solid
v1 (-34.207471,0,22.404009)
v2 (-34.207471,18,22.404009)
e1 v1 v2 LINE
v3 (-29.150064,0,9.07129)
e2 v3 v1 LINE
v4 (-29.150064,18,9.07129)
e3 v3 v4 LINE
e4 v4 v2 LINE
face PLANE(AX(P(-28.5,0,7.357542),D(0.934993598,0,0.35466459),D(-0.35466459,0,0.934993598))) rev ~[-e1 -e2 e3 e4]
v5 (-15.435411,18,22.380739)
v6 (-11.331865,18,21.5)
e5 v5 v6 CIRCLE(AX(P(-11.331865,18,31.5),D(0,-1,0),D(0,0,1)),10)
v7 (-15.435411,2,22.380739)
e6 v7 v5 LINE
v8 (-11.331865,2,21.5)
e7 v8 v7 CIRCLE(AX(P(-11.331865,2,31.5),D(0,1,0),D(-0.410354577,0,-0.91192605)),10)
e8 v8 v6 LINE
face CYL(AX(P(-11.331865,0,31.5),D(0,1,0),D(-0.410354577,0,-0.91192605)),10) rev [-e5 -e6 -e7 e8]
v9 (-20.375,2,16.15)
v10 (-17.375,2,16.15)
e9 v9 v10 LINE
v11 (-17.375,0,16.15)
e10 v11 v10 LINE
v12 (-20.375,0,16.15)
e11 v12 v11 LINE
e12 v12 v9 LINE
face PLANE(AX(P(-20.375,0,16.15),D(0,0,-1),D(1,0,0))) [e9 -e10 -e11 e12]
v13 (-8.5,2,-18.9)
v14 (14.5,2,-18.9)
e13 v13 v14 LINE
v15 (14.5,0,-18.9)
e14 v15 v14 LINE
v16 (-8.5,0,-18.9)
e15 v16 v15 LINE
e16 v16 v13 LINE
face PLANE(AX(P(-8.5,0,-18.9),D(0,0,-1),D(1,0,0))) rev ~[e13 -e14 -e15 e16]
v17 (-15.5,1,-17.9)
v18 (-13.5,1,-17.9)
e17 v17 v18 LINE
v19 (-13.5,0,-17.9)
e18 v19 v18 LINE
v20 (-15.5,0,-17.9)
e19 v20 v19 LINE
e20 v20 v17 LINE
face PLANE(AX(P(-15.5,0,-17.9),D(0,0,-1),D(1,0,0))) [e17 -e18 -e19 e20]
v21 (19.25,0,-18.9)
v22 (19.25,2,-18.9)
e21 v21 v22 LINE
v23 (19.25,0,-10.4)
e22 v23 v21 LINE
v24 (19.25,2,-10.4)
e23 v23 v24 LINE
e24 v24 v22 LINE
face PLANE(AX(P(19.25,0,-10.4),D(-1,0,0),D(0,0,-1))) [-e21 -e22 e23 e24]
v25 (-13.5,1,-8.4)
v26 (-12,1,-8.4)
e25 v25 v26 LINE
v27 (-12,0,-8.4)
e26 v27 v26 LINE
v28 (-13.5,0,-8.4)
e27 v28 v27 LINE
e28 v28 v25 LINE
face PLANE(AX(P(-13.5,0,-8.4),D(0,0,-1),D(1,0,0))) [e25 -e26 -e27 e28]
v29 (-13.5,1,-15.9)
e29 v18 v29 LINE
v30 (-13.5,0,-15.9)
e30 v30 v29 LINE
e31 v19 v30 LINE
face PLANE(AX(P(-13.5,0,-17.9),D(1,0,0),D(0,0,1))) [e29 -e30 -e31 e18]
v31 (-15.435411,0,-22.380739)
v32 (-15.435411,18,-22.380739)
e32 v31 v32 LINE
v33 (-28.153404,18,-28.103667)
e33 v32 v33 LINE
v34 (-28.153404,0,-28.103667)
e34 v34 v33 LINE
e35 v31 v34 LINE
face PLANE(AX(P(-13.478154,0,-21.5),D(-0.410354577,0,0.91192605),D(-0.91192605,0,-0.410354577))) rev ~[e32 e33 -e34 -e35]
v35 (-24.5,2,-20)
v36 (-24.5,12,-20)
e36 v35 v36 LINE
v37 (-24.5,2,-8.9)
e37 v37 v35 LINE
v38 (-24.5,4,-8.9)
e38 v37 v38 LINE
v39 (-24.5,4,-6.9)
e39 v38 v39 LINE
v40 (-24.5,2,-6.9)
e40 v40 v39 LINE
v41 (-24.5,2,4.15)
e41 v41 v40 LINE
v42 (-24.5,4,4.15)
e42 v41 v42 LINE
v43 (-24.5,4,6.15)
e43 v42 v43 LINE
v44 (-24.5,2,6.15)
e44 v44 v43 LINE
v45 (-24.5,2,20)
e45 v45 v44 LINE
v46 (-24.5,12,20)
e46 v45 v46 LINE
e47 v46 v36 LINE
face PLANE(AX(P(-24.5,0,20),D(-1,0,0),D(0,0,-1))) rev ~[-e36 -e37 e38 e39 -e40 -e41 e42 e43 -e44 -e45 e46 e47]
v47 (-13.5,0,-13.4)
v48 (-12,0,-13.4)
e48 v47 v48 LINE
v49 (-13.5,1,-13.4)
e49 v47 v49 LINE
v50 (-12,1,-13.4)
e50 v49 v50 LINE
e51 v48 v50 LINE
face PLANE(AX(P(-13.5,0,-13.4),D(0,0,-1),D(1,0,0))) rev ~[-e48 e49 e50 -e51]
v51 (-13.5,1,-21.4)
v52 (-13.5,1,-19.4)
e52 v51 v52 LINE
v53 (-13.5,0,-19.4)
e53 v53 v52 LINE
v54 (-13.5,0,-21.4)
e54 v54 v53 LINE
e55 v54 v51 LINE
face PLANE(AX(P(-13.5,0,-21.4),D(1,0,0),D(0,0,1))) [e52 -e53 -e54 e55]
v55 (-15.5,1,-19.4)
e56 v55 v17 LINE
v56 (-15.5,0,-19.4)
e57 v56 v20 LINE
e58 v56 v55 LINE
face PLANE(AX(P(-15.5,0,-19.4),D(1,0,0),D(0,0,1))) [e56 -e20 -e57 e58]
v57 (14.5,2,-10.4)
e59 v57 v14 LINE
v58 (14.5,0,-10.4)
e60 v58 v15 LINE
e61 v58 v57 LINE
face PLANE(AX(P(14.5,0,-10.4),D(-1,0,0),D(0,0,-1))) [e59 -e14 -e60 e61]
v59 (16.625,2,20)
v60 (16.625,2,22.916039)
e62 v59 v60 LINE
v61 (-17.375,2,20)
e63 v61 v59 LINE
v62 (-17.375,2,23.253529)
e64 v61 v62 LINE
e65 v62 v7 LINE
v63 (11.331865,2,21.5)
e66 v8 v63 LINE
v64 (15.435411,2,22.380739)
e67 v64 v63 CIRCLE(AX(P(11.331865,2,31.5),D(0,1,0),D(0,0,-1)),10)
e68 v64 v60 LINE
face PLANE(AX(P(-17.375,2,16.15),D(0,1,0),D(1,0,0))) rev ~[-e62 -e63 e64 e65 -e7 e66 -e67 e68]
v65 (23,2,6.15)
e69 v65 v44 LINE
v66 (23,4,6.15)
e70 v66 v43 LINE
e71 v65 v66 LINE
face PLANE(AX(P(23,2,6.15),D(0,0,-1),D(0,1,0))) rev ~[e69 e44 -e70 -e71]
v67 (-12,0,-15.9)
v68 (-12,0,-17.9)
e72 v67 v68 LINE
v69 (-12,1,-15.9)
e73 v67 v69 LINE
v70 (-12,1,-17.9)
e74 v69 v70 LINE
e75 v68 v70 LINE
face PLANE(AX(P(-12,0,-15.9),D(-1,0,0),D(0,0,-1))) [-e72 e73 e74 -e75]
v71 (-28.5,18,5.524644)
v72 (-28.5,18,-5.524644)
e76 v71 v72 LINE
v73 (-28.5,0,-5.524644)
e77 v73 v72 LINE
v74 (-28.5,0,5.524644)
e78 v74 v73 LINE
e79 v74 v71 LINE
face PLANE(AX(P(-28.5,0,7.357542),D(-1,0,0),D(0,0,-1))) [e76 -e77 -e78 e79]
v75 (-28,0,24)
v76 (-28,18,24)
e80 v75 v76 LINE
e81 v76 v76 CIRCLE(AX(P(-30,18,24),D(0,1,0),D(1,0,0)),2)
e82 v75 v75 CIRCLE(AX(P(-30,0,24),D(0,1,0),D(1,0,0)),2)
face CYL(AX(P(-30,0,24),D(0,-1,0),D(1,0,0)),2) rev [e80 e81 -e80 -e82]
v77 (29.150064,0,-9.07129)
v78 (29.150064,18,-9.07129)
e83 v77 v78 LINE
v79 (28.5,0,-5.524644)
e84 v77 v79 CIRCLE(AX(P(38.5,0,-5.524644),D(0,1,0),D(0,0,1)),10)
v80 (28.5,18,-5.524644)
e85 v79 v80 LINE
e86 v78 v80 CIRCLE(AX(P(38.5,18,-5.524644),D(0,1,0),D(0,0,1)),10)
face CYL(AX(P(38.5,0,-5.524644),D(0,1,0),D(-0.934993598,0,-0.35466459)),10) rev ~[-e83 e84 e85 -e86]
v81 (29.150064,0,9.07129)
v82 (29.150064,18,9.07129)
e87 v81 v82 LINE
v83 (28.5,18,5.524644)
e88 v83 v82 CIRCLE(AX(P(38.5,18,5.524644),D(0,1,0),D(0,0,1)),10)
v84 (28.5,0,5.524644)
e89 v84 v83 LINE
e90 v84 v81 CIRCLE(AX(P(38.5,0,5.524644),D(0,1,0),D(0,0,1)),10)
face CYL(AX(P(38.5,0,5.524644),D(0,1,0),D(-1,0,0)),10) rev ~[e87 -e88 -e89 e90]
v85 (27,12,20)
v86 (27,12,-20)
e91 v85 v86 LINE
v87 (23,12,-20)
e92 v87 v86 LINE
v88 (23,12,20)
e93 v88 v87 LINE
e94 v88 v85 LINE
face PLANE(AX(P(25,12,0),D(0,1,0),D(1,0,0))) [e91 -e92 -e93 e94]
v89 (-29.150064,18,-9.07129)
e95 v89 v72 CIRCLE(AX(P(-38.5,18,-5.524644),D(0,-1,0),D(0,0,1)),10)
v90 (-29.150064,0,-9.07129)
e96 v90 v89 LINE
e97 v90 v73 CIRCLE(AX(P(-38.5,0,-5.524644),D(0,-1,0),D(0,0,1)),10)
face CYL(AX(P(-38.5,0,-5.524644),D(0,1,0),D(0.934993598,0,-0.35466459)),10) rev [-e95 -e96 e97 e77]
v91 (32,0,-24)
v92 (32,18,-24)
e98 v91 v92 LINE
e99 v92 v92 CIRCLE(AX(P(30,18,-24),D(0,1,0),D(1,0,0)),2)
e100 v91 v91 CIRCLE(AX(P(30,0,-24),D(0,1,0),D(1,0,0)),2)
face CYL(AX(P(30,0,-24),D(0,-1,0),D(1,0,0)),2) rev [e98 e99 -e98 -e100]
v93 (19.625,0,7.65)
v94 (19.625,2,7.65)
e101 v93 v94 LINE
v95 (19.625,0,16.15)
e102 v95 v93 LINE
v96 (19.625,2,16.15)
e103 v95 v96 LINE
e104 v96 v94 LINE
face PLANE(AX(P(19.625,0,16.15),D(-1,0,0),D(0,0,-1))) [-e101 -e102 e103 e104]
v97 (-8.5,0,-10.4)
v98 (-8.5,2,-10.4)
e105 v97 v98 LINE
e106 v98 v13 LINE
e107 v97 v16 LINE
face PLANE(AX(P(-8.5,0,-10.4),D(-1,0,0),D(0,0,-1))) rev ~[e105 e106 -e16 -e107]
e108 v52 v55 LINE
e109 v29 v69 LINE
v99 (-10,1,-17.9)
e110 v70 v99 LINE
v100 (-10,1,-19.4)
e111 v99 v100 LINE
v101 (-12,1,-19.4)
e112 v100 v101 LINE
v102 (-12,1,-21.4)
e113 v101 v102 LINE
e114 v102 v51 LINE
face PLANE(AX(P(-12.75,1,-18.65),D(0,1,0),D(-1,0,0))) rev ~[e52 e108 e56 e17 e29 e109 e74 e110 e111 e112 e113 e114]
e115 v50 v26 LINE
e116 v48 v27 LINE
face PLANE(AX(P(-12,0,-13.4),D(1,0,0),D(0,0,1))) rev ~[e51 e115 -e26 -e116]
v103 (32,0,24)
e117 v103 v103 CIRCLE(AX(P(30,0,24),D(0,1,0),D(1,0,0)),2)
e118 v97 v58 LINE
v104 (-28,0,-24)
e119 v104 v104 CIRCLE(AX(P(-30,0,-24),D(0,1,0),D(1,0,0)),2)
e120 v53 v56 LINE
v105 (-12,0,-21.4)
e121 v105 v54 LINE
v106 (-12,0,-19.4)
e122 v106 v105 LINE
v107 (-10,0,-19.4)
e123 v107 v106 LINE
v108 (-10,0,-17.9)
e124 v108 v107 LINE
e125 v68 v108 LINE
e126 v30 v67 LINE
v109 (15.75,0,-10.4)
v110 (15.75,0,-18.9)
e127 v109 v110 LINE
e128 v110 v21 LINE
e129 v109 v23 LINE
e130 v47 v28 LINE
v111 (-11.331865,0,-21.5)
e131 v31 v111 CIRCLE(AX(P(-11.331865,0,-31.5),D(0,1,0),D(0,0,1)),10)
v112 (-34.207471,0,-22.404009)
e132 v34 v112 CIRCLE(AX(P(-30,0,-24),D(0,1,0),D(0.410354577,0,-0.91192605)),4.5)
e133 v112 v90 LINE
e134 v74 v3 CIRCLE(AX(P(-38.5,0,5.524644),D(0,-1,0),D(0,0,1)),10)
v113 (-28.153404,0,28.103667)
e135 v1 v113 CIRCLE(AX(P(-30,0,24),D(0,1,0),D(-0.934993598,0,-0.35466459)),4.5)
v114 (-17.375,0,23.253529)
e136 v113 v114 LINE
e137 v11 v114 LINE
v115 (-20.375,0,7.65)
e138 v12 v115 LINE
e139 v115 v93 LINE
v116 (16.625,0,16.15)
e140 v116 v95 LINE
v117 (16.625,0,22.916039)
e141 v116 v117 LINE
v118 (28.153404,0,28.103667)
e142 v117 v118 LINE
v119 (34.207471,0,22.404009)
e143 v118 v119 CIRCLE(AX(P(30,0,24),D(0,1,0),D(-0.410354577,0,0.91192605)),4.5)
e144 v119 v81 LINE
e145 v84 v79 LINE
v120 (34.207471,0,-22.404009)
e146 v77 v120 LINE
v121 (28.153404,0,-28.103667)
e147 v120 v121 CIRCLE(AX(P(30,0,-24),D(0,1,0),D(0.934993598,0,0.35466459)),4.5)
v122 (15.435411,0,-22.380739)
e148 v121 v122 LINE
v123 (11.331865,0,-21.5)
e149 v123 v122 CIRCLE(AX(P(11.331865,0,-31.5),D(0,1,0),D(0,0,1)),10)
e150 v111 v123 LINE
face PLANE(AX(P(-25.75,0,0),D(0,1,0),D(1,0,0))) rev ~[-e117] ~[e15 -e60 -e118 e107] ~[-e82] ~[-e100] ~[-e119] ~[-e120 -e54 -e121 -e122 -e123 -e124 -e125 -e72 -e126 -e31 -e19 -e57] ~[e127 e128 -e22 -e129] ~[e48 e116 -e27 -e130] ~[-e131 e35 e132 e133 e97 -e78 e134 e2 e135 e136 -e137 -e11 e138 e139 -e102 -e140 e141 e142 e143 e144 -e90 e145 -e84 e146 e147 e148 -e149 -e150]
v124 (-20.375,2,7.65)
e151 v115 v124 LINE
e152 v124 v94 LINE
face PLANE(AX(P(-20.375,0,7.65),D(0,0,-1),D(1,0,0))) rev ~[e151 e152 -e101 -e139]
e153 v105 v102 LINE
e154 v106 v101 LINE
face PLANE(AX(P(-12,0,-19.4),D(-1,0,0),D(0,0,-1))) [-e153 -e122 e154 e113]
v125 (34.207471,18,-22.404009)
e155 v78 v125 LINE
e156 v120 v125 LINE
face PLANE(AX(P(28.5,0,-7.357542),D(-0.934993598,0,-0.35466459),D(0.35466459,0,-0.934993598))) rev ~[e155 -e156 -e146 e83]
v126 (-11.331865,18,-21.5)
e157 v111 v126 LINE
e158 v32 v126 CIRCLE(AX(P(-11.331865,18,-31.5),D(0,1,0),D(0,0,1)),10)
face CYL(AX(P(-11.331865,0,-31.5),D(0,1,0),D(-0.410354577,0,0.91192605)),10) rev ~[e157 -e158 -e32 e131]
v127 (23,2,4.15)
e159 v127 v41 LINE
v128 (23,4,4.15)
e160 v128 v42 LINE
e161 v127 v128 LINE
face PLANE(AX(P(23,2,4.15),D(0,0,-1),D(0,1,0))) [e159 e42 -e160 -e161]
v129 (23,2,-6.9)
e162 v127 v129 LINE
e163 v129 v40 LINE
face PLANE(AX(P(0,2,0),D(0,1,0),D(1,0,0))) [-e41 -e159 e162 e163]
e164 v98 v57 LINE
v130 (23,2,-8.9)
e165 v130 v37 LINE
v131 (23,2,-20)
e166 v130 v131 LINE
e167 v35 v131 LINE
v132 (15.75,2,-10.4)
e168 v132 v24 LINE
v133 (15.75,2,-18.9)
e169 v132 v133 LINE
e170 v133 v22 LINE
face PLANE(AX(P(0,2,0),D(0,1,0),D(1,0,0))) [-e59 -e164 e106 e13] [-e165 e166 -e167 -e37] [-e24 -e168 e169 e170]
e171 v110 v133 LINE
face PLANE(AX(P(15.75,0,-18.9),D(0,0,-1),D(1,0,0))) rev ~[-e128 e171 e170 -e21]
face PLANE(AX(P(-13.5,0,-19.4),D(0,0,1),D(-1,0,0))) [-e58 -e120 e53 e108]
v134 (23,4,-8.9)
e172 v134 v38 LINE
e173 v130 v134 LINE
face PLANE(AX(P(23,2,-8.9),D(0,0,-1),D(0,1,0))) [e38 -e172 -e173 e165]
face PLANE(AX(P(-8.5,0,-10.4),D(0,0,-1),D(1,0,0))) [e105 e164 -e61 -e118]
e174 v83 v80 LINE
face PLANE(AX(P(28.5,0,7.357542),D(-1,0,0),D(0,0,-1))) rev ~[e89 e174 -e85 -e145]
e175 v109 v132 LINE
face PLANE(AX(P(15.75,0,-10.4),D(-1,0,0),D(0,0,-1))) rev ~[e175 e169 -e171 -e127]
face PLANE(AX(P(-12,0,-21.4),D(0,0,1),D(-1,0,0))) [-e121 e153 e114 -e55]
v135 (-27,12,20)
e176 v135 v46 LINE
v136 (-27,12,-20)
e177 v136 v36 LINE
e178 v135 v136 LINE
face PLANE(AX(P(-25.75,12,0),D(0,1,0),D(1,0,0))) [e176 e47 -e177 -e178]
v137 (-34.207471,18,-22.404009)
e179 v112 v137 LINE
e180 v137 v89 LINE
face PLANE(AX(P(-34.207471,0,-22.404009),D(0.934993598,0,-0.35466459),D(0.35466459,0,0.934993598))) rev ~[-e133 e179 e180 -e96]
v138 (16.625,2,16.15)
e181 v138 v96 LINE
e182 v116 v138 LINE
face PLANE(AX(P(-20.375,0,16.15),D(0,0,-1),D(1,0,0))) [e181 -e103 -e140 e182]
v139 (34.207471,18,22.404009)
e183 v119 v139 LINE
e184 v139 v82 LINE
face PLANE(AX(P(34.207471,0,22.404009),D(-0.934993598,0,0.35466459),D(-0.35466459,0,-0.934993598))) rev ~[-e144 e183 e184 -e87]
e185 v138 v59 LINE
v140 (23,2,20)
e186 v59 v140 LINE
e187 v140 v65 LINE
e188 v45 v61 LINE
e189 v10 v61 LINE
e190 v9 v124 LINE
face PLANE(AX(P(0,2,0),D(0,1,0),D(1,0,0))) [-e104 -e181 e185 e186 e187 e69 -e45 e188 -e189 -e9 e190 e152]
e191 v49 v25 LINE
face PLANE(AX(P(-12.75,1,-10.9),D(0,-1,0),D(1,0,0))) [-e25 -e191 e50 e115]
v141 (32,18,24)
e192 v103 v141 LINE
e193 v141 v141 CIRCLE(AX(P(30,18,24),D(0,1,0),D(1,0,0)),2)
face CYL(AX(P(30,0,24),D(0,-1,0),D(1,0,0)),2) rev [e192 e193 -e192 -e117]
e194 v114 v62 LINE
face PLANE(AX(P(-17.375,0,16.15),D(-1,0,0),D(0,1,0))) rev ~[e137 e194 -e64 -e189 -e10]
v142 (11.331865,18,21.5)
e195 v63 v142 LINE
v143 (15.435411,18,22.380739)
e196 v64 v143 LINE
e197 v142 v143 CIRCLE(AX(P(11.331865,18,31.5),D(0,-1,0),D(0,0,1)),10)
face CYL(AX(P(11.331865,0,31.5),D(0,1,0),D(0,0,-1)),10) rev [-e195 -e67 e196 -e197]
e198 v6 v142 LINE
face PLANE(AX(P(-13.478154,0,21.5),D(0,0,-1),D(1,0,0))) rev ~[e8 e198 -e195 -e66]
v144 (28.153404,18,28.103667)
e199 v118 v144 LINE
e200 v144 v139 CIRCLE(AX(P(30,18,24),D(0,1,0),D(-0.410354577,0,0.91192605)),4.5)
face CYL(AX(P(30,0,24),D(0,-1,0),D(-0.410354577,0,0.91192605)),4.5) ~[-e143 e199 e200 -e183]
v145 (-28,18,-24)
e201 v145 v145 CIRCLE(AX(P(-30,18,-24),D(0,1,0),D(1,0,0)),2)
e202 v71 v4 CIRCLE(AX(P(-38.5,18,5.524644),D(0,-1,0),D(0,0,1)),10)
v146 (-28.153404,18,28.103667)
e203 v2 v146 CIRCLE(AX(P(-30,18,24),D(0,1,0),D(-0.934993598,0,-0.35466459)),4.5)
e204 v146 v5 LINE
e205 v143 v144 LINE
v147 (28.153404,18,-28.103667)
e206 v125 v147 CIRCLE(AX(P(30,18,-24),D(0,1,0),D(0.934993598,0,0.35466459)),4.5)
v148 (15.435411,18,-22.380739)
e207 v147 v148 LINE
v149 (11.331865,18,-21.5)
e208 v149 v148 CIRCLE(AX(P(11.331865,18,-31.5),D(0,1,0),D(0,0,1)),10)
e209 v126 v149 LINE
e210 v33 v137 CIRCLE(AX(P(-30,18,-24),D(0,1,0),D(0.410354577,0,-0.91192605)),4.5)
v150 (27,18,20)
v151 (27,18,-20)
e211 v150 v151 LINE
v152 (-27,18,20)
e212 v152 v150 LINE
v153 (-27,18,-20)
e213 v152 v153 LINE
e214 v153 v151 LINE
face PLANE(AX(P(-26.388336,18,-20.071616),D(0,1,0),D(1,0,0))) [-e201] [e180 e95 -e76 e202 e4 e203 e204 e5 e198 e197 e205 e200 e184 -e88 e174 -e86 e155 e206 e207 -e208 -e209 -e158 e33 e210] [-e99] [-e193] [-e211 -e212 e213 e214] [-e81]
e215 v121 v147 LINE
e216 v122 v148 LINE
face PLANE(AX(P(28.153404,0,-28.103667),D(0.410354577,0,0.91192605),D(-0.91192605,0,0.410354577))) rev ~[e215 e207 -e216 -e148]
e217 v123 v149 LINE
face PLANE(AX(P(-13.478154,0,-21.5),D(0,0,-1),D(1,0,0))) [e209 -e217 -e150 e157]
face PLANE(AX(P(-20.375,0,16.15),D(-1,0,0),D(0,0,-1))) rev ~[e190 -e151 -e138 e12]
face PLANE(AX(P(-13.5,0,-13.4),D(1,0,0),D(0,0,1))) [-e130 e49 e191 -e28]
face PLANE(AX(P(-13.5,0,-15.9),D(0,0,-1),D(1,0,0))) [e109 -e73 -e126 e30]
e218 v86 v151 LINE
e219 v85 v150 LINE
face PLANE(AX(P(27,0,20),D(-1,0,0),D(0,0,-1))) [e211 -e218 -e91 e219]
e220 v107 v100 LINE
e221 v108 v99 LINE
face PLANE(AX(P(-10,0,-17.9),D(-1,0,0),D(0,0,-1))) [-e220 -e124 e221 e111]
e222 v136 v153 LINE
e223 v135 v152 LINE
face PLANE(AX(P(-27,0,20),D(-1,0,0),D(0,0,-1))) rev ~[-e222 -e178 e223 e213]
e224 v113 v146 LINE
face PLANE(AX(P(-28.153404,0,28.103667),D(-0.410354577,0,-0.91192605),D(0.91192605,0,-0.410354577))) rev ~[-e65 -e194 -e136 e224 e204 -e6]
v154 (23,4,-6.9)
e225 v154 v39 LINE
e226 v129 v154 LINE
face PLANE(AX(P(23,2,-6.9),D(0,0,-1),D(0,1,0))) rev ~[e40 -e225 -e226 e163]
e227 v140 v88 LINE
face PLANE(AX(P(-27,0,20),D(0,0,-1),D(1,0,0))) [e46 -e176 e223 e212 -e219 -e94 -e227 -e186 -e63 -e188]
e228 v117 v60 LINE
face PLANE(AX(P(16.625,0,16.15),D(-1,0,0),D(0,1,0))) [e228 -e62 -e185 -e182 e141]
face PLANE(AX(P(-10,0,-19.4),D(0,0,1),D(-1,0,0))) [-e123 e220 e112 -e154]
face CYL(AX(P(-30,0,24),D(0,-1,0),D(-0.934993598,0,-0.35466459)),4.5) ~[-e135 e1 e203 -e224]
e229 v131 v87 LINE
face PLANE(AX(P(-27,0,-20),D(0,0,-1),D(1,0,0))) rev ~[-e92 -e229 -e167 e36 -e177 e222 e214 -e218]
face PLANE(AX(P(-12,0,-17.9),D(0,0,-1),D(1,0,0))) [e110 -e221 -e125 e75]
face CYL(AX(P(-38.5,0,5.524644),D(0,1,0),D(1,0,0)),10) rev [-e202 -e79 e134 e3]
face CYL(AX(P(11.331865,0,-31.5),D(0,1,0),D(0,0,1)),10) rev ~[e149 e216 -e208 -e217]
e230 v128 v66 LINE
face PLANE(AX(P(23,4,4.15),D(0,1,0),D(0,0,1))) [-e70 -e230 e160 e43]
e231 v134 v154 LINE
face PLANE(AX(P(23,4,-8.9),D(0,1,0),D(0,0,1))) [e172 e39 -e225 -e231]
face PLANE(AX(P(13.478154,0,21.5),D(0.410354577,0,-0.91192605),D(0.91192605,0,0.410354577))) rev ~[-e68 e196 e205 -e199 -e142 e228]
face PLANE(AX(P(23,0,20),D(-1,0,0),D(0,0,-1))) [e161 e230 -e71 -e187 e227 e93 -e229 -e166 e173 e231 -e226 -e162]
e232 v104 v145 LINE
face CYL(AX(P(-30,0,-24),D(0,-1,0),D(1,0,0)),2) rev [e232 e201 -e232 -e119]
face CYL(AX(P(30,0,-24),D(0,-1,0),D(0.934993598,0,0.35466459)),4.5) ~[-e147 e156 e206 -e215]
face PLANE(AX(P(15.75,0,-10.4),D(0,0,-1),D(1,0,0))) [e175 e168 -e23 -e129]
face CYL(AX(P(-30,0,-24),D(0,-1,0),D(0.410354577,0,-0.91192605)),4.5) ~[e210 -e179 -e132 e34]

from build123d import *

# Parameters (mm, degrees)
SKETCH1_R           = 2
SKETCH1_W           = 57
SKETCH1_H           = 43
SKETCH1_W_2         = 54
SKETCH1_H_2         = 40
BOSS_EXTRUDE1_DEPTH = 18
SKETCH2_W           = 2.5
SKETCH2_H           = 40
SKETCH2_W_2         = 4
BOSS_EXTRUDE2_DEPTH = 12
SKETCH3_W           = 54
SKETCH3_H           = 40
SKETCH3_W_2         = 40
SKETCH3_H_2         = 8.5
SKETCH3_W_3         = 23
SKETCH3_W_4         = 3.5
BOSS_EXTRUDE3_DEPTH = 2
SKETCH4_W           = 1.5
SKETCH4_H           = 5
CUT_EXTRUDE1_DEPTH  = 1
BOSS_EXTRUDE4_REACH = 59.5
SKETCH5_W           = 2
SKETCH5_H           = 2
FILLET1_R           = 10
CUT_EXTRUDE2_START  = -5.35
SKETCH6_W           = 34
SKETCH6_H           = 2
CUT_EXTRUDE2_DEPTH  = 7.103529


with BuildPart() as part:
    # Sketch1 → Boss-Extrude1 (new body)
    with BuildSketch(Plane(origin=(0, 0, 0), x_dir=(1, 0, 0), z_dir=(0, 1, 0))):
        with BuildLine():
            Line((-28.5, 7.357542402), (-28.5, 21.5))
            Line((-28.5, 21.5), (-13.47815401, 21.5))
            Line((-13.47815401, 21.5), (-28.153404403, 28.103667226))
            ThreePointArc((-28.153404403, 28.103667226), (-33.084632617, 27.276437336), (-34.207471192, 22.404009346))
            Line((-34.207471192, 22.404009346), (-28.5, 7.357542402))
        make_face()
        with Locations((-30, 24)):
            Circle(SKETCH1_R, mode=Mode.SUBTRACT)
        with BuildLine():
            Line((-28.5, -21.5), (-28.5, -7.357542402))
            Line((-28.5, -7.357542402), (-34.207471192, -22.404009346))
            ThreePointArc((-34.207471192, -22.404009346), (-33.084632617, -27.276437336), (-28.153404403, -28.103667226))
            Line((-28.153404403, -28.103667226), (-13.47815401, -21.5))
            Line((-13.47815401, -21.5), (-28.5, -21.5))
        make_face()
        with Locations((-30, -24)):
            Circle(SKETCH1_R, mode=Mode.SUBTRACT)
        Rectangle(SKETCH1_W, SKETCH1_H)
        Rectangle(SKETCH1_W_2, SKETCH1_H_2, mode=Mode.SUBTRACT)
        with BuildLine():
            Line((34.207471192, -22.404009346), (28.5, -7.357542402))
            Line((28.5, -7.357542402), (28.5, -21.5))
            Line((28.5, -21.5), (13.47815401, -21.5))
            Line((13.47815401, -21.5), (28.153404403, -28.103667226))
            ThreePointArc((28.153404403, -28.103667226), (33.084632617, -27.276437336), (34.207471192, -22.404009346))
        make_face()
        with Locations((30, -24)):
            Circle(SKETCH1_R, mode=Mode.SUBTRACT)
        with BuildLine():
            Line((28.153404403, 28.103667226), (13.47815401, 21.5))
            Line((13.47815401, 21.5), (28.5, 21.5))
            Line((28.5, 21.5), (28.5, 7.357542402))
            Line((28.5, 7.357542402), (34.207471192, 22.404009346))
            ThreePointArc((34.207471192, 22.404009346), (33.084632617, 27.276437336), (28.153404403, 28.103667226))
        make_face()
        with Locations((30, 24)):
            Circle(SKETCH1_R, mode=Mode.SUBTRACT)
    extrude(amount=BOSS_EXTRUDE1_DEPTH)

    # Sketch2 → Boss-Extrude2 (add)
    with BuildSketch(Plane(origin=(0, 0, 0), x_dir=(1, 0, 0), z_dir=(0, 1, 0))):
        with Locations((-25.75, 0)):
            Rectangle(SKETCH2_W, SKETCH2_H)
        with Locations((25, 0)):
            Rectangle(SKETCH2_W_2, SKETCH2_H)
    extrude(amount=BOSS_EXTRUDE2_DEPTH)

    # Sketch3 → Boss-Extrude3 (add)
    with BuildSketch(Plane(origin=(0, 0, 0), x_dir=(1, 0, 0), z_dir=(0, 1, 0))):
        Rectangle(SKETCH3_W, SKETCH3_H)
        with Locations((-0.375, -11.9)):
            Rectangle(SKETCH3_W_2, SKETCH3_H_2, mode=Mode.SUBTRACT)
        with Locations((3, 14.65)):
            Rectangle(SKETCH3_W_3, SKETCH3_H_2, mode=Mode.SUBTRACT)
        with Locations((17.5, 14.65)):
            Rectangle(SKETCH3_W_4, SKETCH3_H_2, mode=Mode.SUBTRACT)
    extrude(amount=BOSS_EXTRUDE3_DEPTH)

    # Sketch4 → Cut-Extrude1 (cut)
    with BuildSketch(Plane.XZ):
        Polygon((-10, -17.9), (-10, -19.4), (-12, -19.4), (-12, -21.4), (-13.5, -21.4), (-13.5, -19.4), (-15.5, -19.4), (-15.5, -17.9), (-13.5, -17.9), (-13.5, -15.9), (-12, -15.9), (-12, -17.9), align=None)
        with Locations((-12.75, -10.9)):
            Rectangle(SKETCH4_W, SKETCH4_H)
    extrude(amount=-CUT_EXTRUDE1_DEPTH, mode=Mode.SUBTRACT)

    # Sketch5 → Boss-Extrude4 (add, up to next)
    with BuildSketch(Plane.ZY.offset(-23), mode=Mode.PRIVATE) as boss_extrude4_sk1:
        with Locations((5.15, 3)):
            Rectangle(SKETCH5_W, SKETCH5_H)
    boss_extrude4_tool1 = extrude(boss_extrude4_sk1.sketch, amount=BOSS_EXTRUDE4_REACH, mode=Mode.PRIVATE) - part.part
    add(boss_extrude4_tool1.solids().sort_by_distance((23, 3, 5.15))[0])
    # Sketch5 → Boss-Extrude4 (add, up to next)
    with BuildSketch(Plane.ZY.offset(-23), mode=Mode.PRIVATE) as boss_extrude4_sk2:
        with Locations((-7.9, 3)):
            Rectangle(SKETCH5_W, SKETCH5_H)
    boss_extrude4_tool2 = extrude(boss_extrude4_sk2.sketch, amount=BOSS_EXTRUDE4_REACH, mode=Mode.PRIVATE) - part.part
    add(boss_extrude4_tool2.solids().sort_by_distance((23, 3, -7.9))[0])

    # Fillet1
    fillet1_edges = [part.edges().sort_by_distance(p)[0] for p in [
        (28.5, 9, 7.357542402),
        (13.47815401, 9, 21.5),
        (-13.47815401, 9, 21.5),
        (-28.5, 9, 7.357542402),
        (-28.5, 9, -7.357542402),
        (-13.47815401, 9, -21.5),
        (13.47815401, 9, -21.5),
        (28.5, 9, -7.357542402),
    ]]
    fillet(fillet1_edges, radius=FILLET1_R)

    # Sketch6 → Cut-Extrude2 (cut)
    with BuildSketch(Plane.XY.offset(21.5).offset(CUT_EXTRUDE2_START)):
        with Locations((-0.375, 1)):
            Rectangle(SKETCH6_W, SKETCH6_H)
    extrude(amount=CUT_EXTRUDE2_DEPTH, mode=Mode.SUBTRACT)


solid = part.part
